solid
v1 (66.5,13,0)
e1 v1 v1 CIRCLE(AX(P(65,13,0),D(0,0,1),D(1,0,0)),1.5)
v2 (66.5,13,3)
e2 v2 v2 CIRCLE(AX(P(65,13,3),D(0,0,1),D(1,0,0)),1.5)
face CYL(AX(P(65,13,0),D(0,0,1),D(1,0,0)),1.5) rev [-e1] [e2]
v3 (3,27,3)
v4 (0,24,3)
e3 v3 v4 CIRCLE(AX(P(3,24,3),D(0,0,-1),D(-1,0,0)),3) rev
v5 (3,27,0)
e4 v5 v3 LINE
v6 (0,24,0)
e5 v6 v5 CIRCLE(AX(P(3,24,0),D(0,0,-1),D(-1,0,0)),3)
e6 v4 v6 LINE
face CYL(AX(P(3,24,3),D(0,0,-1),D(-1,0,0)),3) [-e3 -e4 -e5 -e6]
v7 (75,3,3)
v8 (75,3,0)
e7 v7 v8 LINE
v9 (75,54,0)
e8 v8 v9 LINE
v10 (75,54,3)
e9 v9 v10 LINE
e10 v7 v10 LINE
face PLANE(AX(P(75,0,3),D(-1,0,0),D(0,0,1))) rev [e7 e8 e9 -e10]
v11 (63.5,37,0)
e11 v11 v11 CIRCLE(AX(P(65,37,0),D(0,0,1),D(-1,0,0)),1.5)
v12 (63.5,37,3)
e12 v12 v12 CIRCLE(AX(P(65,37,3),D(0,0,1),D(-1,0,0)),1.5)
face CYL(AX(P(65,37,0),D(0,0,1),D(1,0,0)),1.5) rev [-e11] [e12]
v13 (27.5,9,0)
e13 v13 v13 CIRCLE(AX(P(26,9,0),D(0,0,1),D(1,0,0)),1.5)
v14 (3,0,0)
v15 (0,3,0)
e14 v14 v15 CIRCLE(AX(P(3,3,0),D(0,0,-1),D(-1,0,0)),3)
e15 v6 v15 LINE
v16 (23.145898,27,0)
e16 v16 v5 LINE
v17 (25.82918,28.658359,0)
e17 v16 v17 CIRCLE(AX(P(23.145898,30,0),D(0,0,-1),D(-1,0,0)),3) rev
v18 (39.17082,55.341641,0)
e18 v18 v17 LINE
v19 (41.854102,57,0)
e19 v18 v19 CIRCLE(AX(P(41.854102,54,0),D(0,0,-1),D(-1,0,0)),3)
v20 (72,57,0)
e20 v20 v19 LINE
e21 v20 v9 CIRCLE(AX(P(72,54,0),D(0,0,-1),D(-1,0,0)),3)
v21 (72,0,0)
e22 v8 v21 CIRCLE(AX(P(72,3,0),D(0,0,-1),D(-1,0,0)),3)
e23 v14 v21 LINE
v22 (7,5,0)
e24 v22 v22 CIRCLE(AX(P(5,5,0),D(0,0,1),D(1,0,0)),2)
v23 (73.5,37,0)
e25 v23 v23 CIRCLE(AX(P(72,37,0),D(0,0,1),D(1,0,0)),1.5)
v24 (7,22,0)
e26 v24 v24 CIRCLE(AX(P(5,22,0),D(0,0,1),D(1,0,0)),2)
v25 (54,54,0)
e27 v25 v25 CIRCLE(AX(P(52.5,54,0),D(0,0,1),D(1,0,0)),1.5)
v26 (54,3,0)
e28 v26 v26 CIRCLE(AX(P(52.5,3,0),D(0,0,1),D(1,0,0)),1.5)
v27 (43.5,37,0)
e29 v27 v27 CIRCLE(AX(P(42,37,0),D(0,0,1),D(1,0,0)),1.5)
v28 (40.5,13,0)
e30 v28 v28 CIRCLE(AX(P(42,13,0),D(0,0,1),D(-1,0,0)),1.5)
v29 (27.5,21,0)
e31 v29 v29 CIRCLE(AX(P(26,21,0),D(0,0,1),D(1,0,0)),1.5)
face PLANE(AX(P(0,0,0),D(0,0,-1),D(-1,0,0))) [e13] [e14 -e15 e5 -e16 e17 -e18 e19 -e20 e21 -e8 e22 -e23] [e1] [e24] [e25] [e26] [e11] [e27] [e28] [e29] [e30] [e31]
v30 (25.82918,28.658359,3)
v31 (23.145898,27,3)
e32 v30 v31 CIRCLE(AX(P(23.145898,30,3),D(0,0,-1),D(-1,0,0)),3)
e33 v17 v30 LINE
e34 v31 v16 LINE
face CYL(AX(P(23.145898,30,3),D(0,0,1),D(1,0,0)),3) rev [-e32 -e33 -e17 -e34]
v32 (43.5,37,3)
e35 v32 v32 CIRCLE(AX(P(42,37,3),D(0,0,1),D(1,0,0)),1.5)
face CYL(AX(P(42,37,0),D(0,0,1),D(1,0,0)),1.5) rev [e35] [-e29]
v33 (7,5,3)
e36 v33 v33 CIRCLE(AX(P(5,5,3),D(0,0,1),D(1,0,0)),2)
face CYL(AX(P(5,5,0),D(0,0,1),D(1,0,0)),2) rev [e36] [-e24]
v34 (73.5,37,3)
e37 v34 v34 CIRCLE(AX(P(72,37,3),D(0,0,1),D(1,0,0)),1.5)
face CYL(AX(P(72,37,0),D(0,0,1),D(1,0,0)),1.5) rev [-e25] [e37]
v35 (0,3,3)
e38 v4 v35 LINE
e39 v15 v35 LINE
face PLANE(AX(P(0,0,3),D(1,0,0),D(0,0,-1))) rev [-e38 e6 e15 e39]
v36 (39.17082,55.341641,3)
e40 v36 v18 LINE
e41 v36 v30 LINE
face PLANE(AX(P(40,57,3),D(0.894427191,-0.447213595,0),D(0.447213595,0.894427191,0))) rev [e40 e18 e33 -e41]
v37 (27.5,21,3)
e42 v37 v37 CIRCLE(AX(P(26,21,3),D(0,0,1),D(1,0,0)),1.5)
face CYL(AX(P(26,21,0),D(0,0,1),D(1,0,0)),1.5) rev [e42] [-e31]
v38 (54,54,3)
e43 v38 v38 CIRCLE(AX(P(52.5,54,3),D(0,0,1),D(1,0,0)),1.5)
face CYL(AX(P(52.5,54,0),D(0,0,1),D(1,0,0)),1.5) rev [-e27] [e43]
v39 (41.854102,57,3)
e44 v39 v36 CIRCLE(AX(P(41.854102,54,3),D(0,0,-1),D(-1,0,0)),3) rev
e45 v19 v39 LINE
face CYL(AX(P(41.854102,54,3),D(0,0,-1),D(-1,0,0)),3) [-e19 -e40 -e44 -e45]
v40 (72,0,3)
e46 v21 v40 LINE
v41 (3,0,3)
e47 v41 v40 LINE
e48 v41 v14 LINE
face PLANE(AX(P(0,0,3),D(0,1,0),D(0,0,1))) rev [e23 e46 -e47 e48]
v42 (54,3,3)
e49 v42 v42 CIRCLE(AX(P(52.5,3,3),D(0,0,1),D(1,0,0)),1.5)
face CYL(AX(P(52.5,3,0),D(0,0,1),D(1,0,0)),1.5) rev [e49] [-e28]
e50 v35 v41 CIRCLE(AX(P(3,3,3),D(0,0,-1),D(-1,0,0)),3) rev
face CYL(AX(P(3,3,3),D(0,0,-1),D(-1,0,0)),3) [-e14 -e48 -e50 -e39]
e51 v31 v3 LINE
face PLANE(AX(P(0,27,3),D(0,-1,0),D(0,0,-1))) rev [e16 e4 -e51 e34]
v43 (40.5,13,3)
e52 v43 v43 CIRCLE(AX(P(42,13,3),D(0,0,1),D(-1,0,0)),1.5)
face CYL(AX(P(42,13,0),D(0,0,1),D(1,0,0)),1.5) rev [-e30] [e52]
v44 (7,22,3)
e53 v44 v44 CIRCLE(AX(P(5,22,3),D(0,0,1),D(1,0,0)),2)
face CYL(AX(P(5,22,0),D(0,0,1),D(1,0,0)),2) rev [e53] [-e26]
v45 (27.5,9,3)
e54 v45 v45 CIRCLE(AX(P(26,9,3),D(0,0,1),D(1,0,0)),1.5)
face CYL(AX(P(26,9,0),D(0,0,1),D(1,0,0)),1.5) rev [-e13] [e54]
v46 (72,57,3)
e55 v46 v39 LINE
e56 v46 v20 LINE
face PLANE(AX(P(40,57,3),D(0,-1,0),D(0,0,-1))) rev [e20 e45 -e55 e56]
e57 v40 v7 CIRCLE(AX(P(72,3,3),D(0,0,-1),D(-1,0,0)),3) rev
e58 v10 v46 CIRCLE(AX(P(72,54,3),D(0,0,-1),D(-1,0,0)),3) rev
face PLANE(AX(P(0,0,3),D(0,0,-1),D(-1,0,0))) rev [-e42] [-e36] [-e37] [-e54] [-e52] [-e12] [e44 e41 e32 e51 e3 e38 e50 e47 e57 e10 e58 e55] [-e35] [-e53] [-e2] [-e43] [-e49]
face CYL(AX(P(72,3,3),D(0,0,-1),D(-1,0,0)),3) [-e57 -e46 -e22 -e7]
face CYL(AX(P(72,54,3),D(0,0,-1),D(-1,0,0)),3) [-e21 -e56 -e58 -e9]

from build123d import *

# Parameters (mm, degrees)
BOSS_EXTRU_1_DEPTH      = 3
ESQUISSE2_R             = 1.5
ENL_V_MAT_EXTRU_1_DEPTH = 95.249668434
ESQUISSE3_R             = 2
ESQUISSE3_R_2           = 1.5
ENL_V_MAT_EXTRU_2_DEPTH = 95.249668434
CONG_1_R                = 3
ESQUISSE4_R             = 1.5
ENL_V_MAT_EXTRU_3_DEPTH = 95.249668434


with BuildPart() as part:
    # Esquisse1 → Boss.-Extru.1 (new body)
    with BuildSketch(Plane.XY):
        Polygon((0, 0), (75, 0), (75, 57), (40, 57), (25, 27), (0, 27), align=None)
    extrude(amount=BOSS_EXTRU_1_DEPTH)

    # Esquisse2 → Enlèv. mat.-Extru.1 (cut, through all)
    with BuildSketch(Plane.XY.offset(3)):
        with Locations((42, 37)):
            Circle(ESQUISSE2_R)
        with Locations(Location((42, 13, 0), (0, 0, 180))):
            Circle(ESQUISSE2_R)
        with Locations((65, 13)):
            Circle(ESQUISSE2_R)
        with Locations(Location((65, 37, 0), (0, 0, 180))):
            Circle(ESQUISSE2_R)
    extrude(amount=-ENL_V_MAT_EXTRU_1_DEPTH, mode=Mode.SUBTRACT)

    # Esquisse3 → Enlèv. mat.-Extru.2 (cut, through all)
    with BuildSketch(Plane.XY.offset(3)):
        with Locations((5, 22)):
            Circle(ESQUISSE3_R)
        with Locations((5, 5)):
            Circle(ESQUISSE3_R)
        with Locations((52.5, 3)):
            Circle(ESQUISSE3_R_2)
        with Locations((52.5, 54)):
            Circle(ESQUISSE3_R_2)
        with Locations((72, 37)):
            Circle(ESQUISSE3_R_2)
    extrude(amount=-ENL_V_MAT_EXTRU_2_DEPTH, mode=Mode.SUBTRACT)

    # Congé1
    cong_1_edges = [part.edges().sort_by_distance(p)[0] for p in [
        (0, 27, 1.5),
        (25, 27, 1.5),
        (40, 57, 1.5),
        (75, 57, 1.5),
        (75, 0, 1.5),
        (0, 0, 1.5),
    ]]
    fillet(cong_1_edges, radius=CONG_1_R)

    # Esquisse4 → Enlèv. mat.-Extru.3 (cut, through all)
    with BuildSketch(Plane.XY.offset(3)):
        with Locations((26, 21)):
            Circle(ESQUISSE4_R)
        with Locations((26, 9)):
            Circle(ESQUISSE4_R)
    extrude(amount=-ENL_V_MAT_EXTRU_3_DEPTH, mode=Mode.SUBTRACT)


solid = part.part
